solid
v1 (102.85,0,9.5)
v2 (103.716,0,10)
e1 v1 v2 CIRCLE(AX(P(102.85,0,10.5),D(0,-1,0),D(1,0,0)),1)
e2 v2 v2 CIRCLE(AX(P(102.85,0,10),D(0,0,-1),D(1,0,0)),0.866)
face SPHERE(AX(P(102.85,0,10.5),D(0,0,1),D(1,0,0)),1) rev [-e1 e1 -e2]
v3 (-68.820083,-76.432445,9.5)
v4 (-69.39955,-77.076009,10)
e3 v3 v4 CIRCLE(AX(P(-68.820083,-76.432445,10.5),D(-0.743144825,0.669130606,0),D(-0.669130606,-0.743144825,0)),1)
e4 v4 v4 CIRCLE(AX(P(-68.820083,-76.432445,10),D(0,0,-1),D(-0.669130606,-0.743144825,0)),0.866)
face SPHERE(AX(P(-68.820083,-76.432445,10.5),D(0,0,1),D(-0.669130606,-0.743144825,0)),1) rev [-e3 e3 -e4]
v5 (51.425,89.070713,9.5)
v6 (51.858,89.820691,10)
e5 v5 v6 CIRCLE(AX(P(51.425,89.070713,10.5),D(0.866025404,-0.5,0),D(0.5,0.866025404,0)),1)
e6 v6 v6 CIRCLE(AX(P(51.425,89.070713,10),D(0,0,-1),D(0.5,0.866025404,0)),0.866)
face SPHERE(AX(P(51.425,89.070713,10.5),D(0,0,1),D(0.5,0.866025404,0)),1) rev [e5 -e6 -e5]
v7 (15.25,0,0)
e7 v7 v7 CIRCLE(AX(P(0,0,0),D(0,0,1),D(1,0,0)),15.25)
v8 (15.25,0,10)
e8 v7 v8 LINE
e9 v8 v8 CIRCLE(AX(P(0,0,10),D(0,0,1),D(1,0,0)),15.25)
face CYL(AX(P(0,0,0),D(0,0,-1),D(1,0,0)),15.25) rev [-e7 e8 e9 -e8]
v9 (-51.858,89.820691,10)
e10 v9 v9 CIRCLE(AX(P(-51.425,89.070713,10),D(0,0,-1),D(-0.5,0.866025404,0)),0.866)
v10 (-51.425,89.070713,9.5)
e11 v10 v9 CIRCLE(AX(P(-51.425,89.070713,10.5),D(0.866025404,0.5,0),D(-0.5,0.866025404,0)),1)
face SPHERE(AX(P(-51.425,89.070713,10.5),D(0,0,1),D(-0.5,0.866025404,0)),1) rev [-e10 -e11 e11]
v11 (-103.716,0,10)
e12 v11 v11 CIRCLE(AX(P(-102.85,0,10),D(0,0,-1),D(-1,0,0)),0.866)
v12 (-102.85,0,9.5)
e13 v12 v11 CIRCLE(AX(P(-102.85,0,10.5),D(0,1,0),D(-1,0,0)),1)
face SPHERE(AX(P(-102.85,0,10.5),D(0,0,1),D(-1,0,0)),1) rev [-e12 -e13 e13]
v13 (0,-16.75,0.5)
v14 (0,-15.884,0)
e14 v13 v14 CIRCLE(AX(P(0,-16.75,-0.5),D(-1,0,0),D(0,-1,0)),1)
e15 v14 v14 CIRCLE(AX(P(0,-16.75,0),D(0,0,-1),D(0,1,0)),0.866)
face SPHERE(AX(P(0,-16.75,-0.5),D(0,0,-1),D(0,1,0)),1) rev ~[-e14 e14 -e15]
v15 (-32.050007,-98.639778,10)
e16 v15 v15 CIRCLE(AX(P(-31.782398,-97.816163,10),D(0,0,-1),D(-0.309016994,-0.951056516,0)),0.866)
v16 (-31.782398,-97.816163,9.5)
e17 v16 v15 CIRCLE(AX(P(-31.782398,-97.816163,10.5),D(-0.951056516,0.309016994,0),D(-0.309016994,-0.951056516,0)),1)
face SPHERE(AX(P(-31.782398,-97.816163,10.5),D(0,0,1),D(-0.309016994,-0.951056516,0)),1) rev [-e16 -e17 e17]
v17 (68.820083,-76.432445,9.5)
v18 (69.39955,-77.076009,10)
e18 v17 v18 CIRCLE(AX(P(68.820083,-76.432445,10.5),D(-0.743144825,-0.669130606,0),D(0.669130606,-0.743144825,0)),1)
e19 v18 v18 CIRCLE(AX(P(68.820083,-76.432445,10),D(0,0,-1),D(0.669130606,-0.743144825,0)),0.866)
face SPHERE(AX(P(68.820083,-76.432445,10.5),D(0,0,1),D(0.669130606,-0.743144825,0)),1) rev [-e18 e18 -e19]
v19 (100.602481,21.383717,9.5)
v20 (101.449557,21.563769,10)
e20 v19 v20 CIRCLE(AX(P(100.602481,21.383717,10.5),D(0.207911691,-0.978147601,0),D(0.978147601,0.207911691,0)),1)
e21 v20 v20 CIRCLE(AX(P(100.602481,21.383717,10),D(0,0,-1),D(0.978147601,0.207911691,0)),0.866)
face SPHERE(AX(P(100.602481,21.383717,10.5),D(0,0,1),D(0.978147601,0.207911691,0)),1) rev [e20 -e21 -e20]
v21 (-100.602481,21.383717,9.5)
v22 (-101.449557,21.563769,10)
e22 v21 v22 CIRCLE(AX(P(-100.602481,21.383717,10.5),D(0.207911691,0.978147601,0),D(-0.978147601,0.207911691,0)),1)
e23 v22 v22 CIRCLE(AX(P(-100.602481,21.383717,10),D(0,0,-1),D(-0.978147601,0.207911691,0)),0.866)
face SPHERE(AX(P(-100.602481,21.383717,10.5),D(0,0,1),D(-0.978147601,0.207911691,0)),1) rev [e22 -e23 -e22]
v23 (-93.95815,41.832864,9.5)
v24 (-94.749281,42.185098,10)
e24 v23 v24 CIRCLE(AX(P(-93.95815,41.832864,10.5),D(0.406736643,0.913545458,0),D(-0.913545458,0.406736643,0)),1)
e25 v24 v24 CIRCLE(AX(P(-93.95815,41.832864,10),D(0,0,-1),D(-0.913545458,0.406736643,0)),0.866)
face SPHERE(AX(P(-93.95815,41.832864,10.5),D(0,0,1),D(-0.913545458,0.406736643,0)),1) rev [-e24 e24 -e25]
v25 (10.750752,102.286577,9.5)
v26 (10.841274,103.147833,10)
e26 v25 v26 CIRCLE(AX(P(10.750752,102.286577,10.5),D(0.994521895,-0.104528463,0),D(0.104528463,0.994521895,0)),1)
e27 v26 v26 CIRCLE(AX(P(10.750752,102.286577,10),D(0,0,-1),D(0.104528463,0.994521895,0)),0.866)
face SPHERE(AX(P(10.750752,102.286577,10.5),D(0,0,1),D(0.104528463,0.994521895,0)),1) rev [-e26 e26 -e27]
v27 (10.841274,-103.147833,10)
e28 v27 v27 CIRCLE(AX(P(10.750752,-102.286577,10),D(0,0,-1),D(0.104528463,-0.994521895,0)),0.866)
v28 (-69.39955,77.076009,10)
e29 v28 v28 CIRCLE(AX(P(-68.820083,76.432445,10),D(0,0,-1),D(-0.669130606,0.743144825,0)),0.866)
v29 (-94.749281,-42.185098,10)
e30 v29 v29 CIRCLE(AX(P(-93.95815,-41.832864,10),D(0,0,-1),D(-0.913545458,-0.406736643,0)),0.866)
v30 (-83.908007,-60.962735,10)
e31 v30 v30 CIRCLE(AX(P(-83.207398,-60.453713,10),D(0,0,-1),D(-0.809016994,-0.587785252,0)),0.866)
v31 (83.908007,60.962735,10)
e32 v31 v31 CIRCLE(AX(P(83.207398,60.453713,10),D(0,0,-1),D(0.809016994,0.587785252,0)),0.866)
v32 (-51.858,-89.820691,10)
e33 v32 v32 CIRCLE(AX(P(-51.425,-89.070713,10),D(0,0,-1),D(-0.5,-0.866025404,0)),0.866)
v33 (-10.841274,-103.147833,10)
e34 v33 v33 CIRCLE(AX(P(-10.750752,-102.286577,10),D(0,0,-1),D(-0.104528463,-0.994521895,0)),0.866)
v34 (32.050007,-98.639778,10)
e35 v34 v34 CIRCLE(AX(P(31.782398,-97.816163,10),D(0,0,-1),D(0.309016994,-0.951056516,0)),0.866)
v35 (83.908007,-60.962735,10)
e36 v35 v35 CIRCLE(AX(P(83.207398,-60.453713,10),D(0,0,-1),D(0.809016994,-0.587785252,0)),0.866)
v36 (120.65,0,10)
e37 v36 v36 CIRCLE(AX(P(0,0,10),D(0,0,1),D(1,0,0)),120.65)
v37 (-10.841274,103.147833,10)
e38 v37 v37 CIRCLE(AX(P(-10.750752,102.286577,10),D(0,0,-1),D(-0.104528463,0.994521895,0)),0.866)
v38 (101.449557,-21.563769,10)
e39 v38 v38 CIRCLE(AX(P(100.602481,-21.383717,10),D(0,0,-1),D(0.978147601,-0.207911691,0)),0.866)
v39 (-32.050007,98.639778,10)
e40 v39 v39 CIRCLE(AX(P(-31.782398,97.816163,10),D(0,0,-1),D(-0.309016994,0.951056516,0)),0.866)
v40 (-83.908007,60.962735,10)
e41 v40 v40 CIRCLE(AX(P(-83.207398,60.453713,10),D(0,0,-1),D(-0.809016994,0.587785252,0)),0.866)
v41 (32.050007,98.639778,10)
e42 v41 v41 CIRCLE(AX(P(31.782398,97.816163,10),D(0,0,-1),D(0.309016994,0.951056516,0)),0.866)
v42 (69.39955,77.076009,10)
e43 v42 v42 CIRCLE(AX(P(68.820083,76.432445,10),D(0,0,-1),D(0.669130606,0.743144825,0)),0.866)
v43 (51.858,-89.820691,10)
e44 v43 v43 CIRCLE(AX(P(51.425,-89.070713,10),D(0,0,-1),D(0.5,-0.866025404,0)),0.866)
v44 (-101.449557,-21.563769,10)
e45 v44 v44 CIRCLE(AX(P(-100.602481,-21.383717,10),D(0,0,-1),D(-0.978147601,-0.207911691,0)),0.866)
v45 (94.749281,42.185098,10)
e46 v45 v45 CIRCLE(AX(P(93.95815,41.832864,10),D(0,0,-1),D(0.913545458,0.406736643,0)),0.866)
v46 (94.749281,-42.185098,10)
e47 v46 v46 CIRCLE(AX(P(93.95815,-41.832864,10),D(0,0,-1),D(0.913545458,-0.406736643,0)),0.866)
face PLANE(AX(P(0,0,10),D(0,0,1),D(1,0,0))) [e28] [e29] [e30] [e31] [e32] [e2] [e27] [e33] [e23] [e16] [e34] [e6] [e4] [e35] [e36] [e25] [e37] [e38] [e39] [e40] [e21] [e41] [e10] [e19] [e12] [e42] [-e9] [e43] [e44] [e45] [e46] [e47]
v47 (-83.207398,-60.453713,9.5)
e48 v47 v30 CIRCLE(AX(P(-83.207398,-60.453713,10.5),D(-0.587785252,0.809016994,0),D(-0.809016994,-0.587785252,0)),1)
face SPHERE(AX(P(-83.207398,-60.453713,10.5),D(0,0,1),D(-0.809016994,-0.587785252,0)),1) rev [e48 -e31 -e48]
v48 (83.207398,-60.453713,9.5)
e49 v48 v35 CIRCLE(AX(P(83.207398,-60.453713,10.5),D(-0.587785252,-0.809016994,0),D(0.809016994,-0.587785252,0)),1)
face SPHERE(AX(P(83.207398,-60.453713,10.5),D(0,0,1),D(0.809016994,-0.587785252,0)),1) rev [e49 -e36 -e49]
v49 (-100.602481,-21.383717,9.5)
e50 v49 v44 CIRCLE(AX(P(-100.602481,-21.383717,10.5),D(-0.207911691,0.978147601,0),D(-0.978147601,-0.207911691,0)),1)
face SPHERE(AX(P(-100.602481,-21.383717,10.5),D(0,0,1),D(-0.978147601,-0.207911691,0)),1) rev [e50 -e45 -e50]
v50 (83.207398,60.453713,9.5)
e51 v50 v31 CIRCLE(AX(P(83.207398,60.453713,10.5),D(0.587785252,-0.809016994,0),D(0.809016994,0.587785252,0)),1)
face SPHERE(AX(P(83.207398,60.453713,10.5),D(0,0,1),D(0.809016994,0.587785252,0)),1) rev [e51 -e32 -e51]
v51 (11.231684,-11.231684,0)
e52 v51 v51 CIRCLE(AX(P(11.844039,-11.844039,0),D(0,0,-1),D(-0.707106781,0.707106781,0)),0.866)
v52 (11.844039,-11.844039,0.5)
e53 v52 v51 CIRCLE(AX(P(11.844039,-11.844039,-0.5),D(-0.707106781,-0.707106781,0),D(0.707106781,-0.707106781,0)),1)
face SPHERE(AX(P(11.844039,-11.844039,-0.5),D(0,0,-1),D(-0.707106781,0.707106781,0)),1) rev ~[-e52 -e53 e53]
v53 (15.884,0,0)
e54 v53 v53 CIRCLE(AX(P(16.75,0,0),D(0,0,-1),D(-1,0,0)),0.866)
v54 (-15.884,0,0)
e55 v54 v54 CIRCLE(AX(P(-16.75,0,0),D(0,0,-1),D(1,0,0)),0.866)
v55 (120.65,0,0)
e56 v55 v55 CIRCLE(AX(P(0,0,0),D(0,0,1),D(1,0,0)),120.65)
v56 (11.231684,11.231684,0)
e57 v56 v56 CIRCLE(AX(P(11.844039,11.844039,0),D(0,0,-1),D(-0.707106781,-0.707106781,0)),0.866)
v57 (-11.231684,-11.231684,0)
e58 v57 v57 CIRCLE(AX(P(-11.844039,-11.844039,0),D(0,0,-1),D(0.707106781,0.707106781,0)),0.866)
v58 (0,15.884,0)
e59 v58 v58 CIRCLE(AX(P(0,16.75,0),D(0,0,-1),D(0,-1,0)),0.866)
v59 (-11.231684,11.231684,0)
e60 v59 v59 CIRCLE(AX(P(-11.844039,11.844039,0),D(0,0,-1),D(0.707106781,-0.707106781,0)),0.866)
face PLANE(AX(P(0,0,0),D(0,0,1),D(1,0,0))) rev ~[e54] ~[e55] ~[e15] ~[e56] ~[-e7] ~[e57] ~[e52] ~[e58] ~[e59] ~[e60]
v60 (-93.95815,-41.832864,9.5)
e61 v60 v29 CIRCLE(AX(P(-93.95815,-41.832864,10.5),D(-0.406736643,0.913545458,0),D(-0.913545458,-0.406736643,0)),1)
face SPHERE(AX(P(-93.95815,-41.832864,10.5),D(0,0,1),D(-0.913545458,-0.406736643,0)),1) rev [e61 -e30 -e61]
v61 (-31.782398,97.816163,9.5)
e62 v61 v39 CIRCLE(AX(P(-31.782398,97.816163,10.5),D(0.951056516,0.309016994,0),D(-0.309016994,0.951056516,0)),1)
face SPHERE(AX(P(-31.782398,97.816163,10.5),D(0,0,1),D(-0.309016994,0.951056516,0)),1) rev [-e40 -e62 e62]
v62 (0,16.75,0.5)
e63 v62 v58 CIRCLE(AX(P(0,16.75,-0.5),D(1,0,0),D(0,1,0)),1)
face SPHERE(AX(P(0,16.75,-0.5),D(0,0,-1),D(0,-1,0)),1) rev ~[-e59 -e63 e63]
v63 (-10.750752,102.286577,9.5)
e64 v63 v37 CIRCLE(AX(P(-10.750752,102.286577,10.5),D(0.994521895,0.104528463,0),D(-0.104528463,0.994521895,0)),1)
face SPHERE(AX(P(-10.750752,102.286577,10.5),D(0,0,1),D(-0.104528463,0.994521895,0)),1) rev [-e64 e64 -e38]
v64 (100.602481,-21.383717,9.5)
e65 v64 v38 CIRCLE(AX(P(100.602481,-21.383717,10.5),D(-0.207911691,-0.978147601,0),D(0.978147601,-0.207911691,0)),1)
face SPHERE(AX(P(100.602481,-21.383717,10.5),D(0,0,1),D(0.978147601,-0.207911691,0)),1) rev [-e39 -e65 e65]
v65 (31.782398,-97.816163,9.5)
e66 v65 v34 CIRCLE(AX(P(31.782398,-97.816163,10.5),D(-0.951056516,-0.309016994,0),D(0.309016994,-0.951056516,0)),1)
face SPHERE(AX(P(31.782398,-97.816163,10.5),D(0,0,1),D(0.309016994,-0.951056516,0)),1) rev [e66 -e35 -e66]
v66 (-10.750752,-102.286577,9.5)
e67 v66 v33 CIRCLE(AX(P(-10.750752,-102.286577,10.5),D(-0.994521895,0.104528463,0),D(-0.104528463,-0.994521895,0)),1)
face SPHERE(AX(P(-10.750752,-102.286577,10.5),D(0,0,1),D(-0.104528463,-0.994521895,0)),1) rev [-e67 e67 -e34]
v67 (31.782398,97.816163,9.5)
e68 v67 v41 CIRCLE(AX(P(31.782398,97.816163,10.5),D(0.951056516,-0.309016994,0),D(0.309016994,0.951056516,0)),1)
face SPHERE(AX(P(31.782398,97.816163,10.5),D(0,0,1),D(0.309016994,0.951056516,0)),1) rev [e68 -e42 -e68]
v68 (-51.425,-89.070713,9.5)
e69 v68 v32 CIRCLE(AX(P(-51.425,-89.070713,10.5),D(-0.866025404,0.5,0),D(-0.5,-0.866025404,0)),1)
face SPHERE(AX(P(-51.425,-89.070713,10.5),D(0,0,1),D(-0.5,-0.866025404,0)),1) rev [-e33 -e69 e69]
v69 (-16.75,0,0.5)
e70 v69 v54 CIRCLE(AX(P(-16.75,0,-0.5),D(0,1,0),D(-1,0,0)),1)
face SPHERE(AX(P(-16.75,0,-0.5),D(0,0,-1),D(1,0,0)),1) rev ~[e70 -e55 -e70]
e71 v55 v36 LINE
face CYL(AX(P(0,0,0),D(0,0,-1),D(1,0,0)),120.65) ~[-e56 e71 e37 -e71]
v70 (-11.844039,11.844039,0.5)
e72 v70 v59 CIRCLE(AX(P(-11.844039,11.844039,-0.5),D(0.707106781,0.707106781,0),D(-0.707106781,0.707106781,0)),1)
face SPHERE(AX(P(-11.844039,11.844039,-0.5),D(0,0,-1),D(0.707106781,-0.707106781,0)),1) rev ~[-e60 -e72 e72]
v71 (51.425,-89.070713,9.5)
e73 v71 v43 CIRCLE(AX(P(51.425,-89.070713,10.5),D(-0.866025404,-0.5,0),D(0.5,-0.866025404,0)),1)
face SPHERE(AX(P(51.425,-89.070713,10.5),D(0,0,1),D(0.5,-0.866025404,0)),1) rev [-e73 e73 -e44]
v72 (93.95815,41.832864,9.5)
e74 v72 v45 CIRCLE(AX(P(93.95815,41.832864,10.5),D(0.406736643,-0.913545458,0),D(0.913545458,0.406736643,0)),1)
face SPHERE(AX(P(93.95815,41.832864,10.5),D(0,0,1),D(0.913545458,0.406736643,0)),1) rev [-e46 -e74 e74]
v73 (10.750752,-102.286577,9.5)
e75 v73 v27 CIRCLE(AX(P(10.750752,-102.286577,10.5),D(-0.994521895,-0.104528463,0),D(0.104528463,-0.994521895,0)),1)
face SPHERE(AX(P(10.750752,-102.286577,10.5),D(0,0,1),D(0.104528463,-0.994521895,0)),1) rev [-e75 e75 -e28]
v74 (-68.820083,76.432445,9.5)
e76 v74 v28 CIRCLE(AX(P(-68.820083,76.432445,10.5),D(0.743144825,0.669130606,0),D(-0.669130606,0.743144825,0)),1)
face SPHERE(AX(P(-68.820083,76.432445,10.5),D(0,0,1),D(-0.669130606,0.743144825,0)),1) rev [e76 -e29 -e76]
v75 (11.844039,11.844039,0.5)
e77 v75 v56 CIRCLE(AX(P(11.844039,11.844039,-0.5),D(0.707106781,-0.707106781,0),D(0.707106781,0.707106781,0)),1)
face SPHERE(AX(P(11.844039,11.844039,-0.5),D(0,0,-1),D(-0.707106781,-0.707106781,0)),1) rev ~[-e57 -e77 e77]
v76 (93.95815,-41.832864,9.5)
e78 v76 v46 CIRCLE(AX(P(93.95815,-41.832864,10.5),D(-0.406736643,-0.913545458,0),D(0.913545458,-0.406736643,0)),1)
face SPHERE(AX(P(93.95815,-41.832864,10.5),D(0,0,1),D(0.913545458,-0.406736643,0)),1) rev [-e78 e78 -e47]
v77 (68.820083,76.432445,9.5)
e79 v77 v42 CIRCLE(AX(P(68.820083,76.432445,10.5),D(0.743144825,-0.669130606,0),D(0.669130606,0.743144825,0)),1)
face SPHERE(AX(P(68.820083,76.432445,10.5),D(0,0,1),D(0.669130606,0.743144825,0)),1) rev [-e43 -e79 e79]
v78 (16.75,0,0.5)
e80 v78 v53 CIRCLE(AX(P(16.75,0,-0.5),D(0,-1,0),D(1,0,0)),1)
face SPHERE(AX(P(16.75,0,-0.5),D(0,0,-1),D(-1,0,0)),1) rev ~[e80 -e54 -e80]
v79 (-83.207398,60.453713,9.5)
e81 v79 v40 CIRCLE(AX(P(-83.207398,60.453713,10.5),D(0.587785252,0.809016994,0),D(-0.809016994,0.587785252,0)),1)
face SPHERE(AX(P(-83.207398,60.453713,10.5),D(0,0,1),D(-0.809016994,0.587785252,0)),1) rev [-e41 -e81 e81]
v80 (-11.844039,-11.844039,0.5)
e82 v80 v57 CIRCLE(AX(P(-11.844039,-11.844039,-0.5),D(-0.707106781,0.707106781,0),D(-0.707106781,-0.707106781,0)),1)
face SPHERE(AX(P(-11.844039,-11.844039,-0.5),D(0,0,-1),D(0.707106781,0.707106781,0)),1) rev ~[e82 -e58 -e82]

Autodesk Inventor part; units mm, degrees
ref_plane "YZ Plane" through (0, 0, 0) normal (1, 0, 0) x (0, 1, 0)
ref_plane "XZ Plane" through (0, 0, 0) normal (0, 1, 0) x (-1, 0, 0)
ref_plane "XY Plane" through (0, 0, 0) normal (0, 0, 1) x (1, 0, 0)
sketch "Sketch1" plane through (0, 0, 0) normal (0, 0, 1) x (1, 0, 0)
  circle A0 centre (0, 0) radius 15.25
  circle A1 centre (0, 0) radius 120.65
  dimension "d0" = 30.5
  dimension "d1" = 241.3
extrude "Extrusion1" add sketch "Sketch1" along normal blind 10
sketch "Sketch2" plane through (0, 0, 0) normal (0, 1, 0) x (-1, 0, 0)
  line L0 (-120.65, 10) -> (120.65, 10) projected
  line L1 (-120.65, 0) -> (120.65, 0) projected
  line L2 (15.25, 0) -> (-15.25, 0) projected
  line L3 (-15.25, 10) -> (15.25, 10) projected
  line L4 (15.25, 0) -> (15.25, 10) projected
  line L5 (120.65, 0) -> (120.65, 10) projected
  line L6 (102.85, 10) -> (102.85, 0)
  line L7 (102.85, 10) -> (102.85, 11)
  circle A0 centre (102.85, 10.5) radius 1
  line L8 (102.85, 10) -> (102.85, 9.5)
  line L9 (102.85, 10) -> (101.984, 10)
  line L10 (102.85, 10) -> (103.716, 10)
  arc A1 (101.984, 10) -> (102.85, 9.5) centre (102.85, 10.5) ccw
  arc A2 (102.85, 9.5) -> (103.716, 10) centre (102.85, 10.5) ccw
  line L11 (15.25, 0) -> (-15.25, 0) projected
  line L12 (0, 10) -> (0, 0) construction
  dimension "d18" = 2
  dimension "d19" = 0.5
  dimension "d20" = 102.85
revolve "Revolution1" cut sketch "Sketch2" angle 360 about axis through (-102.85, 0, 10) along (0, 0, -1) picked at (103.3864, 9.9436) contours L0 A0 L6
pattern_circular "Circular Pattern1" count 30 over 360 about axis through (0, 0, 0) along (0, 0, 1) of "Revolution1"
sketch "Sketch3" plane through (0, 0, 0) normal (0, 1, 0) x (-1, 0, 0)
  line L0 (15.25, 0) -> (15.25, 10) projected
  line L1 (-120.65, 10) -> (120.65, 10) projected
  line L2 (-120.65, 0) -> (120.65, 0) projected
  line L3 (120.65, 0) -> (120.65, 10) projected
  line L4 (16.75, 10) -> (16.75, 0)
  line L5 (16.75, 0) -> (16.75, -1)
  circle A0 centre (16.75, -0.5) radius 1
  line L6 (16.75, 0.5) -> (16.75, 0)
  line L7 (16.75, 0) -> (17.616, 0)
  line L8 (15.884, 0) -> (16.75, 0)
  dimension "d11" = 1.5
  dimension "d12" = 0.5
  dimension "d13" = 2
revolve "Revolution2" cut sketch "Sketch3" angle 360 about axis through (-16.75, 0, 10) along (0, 0, -1) picked at (16.2136, 0.0564) contours A0 L4 L2
pattern_circular "Circular Pattern2" count 8 over 360 about axis through (0, 0, 0) along (0, 0, 1) of "Revolution2"
properties part number "Plate between E3 and E4"
